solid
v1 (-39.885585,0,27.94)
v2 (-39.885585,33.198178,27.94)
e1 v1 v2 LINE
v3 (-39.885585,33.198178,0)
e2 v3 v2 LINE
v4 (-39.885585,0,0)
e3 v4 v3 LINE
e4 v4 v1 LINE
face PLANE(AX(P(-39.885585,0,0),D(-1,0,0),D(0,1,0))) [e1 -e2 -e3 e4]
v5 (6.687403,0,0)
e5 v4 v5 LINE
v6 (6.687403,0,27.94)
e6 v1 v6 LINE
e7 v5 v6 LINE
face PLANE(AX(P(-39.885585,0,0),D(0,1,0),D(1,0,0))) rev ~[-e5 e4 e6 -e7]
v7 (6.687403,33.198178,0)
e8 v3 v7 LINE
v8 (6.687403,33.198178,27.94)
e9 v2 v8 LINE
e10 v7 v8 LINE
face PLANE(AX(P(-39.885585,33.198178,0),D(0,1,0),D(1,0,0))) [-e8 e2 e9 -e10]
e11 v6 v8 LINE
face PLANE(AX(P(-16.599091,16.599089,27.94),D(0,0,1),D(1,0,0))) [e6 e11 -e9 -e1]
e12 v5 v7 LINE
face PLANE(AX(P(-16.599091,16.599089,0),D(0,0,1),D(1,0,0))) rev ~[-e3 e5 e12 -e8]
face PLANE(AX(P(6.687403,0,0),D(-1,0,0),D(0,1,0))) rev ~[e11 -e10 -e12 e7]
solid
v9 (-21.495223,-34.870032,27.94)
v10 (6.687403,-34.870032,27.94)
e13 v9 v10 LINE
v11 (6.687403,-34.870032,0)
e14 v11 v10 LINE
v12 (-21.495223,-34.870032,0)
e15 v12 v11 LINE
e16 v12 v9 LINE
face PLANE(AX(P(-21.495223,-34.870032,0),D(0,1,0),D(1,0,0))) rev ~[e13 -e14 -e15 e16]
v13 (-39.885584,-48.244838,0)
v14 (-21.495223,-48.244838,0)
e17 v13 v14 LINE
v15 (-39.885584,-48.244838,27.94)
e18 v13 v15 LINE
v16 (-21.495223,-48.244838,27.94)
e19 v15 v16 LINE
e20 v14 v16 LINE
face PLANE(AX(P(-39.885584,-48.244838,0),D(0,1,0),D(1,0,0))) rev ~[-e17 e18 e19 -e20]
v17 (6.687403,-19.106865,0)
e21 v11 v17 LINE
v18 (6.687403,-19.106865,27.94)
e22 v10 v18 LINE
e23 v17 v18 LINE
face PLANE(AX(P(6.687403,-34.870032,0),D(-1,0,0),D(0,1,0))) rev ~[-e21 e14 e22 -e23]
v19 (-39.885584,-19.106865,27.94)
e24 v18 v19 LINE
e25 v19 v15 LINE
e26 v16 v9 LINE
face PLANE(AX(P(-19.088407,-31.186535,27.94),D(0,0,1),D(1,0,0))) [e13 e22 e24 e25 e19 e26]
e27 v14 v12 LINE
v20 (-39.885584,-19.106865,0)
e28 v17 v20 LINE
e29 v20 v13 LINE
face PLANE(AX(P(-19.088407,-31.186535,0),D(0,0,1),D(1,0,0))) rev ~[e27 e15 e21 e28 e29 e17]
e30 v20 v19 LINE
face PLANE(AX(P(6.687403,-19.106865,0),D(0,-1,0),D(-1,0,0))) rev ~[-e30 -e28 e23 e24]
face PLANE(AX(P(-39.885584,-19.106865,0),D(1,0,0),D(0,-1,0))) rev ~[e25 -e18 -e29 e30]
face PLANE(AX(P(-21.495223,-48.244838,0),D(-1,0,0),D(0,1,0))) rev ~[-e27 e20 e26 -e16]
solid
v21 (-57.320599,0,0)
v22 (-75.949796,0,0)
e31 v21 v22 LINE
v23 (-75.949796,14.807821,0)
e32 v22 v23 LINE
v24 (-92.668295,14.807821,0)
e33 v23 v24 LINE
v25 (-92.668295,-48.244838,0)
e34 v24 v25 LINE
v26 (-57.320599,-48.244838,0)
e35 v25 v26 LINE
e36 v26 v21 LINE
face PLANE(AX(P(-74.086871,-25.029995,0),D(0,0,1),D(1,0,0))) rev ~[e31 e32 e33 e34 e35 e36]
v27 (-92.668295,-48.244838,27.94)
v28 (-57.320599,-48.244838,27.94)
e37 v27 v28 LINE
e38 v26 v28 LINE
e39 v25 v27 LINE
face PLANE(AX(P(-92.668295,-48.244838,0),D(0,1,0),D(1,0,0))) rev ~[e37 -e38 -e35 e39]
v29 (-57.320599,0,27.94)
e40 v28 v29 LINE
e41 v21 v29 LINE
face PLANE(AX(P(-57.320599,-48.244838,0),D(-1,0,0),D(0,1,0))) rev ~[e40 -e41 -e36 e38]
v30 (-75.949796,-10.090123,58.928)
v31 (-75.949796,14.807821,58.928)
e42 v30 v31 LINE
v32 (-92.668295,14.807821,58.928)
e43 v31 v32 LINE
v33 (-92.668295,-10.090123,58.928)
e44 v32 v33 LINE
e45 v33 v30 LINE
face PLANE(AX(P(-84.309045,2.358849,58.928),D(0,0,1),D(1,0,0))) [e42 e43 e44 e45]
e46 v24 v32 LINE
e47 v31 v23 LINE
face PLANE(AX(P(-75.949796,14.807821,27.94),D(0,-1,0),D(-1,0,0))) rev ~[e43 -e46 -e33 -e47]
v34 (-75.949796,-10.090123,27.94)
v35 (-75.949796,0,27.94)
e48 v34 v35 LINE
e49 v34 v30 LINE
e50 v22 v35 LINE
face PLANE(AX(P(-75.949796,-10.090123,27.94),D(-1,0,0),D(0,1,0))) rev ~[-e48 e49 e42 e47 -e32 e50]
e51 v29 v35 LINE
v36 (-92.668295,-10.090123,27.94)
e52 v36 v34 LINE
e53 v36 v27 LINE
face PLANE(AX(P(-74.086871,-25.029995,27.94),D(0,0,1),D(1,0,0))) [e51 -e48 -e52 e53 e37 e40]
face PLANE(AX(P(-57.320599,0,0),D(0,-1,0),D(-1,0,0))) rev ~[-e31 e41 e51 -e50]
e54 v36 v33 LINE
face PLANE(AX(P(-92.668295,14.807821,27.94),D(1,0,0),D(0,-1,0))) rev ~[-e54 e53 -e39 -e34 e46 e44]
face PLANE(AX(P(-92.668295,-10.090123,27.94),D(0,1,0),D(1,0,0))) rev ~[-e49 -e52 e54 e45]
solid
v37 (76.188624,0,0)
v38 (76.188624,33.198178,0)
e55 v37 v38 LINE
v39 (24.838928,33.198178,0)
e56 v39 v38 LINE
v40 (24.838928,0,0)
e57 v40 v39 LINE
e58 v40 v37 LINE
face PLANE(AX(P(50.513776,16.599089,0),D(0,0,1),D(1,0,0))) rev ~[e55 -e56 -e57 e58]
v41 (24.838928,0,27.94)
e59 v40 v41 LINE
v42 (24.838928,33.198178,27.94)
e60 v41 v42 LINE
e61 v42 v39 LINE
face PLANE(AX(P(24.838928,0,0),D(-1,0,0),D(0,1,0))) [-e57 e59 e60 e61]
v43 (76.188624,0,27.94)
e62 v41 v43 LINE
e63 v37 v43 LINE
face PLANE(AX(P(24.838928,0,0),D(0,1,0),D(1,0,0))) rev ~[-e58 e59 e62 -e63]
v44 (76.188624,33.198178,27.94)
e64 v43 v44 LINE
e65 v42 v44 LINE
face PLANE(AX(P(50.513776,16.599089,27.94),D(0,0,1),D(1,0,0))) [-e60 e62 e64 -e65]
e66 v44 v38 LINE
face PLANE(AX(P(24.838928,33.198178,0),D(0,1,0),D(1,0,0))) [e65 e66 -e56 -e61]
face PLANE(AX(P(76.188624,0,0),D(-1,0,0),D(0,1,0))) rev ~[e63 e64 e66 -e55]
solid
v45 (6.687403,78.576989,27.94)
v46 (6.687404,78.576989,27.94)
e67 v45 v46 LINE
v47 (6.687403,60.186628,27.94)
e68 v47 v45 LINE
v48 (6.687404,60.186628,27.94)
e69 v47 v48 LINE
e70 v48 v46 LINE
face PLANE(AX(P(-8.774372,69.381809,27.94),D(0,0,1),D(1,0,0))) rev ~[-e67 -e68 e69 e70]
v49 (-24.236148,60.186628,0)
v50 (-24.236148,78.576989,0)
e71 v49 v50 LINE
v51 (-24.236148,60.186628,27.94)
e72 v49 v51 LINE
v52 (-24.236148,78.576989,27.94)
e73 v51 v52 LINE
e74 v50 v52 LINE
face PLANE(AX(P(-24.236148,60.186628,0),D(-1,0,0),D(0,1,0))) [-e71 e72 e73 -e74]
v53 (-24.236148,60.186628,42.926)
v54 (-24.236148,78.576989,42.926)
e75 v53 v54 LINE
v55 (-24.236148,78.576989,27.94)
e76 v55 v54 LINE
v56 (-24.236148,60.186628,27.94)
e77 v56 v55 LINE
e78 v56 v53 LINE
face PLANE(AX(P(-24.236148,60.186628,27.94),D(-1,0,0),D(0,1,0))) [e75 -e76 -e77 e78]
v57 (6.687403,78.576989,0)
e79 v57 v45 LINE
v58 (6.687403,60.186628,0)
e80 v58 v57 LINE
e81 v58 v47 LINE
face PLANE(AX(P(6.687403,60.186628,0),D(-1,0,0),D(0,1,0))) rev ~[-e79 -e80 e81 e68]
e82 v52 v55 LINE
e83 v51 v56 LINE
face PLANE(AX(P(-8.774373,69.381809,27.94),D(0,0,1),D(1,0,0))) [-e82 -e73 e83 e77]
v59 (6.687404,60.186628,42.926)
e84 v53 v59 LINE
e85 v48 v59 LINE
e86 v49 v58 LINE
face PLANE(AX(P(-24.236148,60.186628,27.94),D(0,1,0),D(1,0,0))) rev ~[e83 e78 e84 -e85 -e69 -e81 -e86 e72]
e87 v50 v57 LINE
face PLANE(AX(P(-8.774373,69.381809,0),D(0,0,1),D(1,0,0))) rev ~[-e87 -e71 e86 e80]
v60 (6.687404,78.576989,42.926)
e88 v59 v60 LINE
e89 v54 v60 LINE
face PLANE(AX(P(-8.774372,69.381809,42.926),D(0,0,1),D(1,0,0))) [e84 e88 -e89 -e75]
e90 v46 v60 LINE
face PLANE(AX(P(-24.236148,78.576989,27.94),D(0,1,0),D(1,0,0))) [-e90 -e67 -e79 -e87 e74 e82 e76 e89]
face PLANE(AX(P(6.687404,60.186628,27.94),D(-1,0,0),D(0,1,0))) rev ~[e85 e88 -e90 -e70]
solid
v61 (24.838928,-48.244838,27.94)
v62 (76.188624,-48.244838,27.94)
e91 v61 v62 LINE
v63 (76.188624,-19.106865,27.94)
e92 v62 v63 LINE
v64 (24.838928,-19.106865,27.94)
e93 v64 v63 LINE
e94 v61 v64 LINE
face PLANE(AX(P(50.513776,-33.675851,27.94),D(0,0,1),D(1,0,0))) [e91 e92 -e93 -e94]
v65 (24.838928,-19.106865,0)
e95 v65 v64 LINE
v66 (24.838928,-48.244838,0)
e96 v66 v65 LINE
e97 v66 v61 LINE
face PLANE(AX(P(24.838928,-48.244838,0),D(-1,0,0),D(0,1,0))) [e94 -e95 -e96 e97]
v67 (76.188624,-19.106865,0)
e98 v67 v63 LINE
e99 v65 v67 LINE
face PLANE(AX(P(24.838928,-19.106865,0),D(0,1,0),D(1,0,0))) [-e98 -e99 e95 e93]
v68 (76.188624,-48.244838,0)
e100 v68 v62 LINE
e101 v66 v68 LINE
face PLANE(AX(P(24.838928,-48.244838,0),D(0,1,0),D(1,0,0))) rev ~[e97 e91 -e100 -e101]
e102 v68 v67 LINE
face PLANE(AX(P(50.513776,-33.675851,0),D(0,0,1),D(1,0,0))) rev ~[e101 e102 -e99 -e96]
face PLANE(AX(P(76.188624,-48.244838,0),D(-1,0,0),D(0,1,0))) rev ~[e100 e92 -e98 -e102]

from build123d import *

# Parameters (mm, degrees)
F0_W      = 51.349696
F0_H      = 33.198178
F1_DEPTH  = 20.32
F0_H_2    = 29.137973
F0_W_2    = 46.572987
F0_W_3    = 30.923551
F0_H_3    = 18.390361
F2_DEPTH  = 27.94
F4_DEPTH  = 30.988
F2_FACE_W = 30.923552
F2_FACE_H = 18.390361
F5_DEPTH  = 14.986


with BuildPart() as f1:
    # F0 (on Top) → F1 (new body)
    with BuildSketch(Plane.XY):
        with Locations((50.513776, 16.599089)):
            Rectangle(F0_W, F0_H)
    extrude(amount=F1_DEPTH)

    # F0 (on Top) → F2 (join)
    with BuildSketch(Plane.XY):
        with Locations((50.513776, 16.599089)):
            Rectangle(F0_W, F0_H)
        with Locations((50.513776, -33.675851)):
            Rectangle(F0_W, F0_H_2)
        with Locations((-16.599091, 16.599089)):
            Rectangle(F0_W_2, F0_H)
        Polygon((6.687403, -34.870032), (6.687403, -19.106865), (-39.885584, -19.106865), (-39.885584, -48.244838), (-21.495223, -48.244838), (-21.495223, -34.870032), align=None)
        Polygon((-57.320599, -48.244838), (-57.320599, 0), (-75.949796, 0), (-75.949796, -9.075762), (-92.668295, -9.075762), (-92.668295, -48.244838), align=None)
        Polygon((-75.949796, -9.075762), (-75.949796, 0), (-75.949796, 14.807821), (-92.668295, 14.807821), (-92.668295, -9.075762), align=None)
        with Locations((-8.774373, 69.381809)):
            Rectangle(F0_W_3, F0_H_3)
    extrude(amount=F2_DEPTH)

    # F3 (on face) → F4 (join)
    with BuildSketch(Plane.XY.offset(27.94)):
        Polygon((-75.949796, 14.807821), (-92.668295, 14.807821), (-92.668295, -10.090123), (-75.949796, -10.090123), (-75.949796, 0), align=None)
    extrude(amount=F4_DEPTH)

    # F2_face (on face) → F5 (join)
    with BuildSketch(Plane(origin=(-76.175231, -20.125917, 27.94), x_dir=(1, 0, 0), z_dir=(0, 0, 1))):
        with Locations((67.400859, 89.507726)):
            Rectangle(F2_FACE_W, F2_FACE_H)
    extrude(amount=F5_DEPTH)


solid = f1.part
